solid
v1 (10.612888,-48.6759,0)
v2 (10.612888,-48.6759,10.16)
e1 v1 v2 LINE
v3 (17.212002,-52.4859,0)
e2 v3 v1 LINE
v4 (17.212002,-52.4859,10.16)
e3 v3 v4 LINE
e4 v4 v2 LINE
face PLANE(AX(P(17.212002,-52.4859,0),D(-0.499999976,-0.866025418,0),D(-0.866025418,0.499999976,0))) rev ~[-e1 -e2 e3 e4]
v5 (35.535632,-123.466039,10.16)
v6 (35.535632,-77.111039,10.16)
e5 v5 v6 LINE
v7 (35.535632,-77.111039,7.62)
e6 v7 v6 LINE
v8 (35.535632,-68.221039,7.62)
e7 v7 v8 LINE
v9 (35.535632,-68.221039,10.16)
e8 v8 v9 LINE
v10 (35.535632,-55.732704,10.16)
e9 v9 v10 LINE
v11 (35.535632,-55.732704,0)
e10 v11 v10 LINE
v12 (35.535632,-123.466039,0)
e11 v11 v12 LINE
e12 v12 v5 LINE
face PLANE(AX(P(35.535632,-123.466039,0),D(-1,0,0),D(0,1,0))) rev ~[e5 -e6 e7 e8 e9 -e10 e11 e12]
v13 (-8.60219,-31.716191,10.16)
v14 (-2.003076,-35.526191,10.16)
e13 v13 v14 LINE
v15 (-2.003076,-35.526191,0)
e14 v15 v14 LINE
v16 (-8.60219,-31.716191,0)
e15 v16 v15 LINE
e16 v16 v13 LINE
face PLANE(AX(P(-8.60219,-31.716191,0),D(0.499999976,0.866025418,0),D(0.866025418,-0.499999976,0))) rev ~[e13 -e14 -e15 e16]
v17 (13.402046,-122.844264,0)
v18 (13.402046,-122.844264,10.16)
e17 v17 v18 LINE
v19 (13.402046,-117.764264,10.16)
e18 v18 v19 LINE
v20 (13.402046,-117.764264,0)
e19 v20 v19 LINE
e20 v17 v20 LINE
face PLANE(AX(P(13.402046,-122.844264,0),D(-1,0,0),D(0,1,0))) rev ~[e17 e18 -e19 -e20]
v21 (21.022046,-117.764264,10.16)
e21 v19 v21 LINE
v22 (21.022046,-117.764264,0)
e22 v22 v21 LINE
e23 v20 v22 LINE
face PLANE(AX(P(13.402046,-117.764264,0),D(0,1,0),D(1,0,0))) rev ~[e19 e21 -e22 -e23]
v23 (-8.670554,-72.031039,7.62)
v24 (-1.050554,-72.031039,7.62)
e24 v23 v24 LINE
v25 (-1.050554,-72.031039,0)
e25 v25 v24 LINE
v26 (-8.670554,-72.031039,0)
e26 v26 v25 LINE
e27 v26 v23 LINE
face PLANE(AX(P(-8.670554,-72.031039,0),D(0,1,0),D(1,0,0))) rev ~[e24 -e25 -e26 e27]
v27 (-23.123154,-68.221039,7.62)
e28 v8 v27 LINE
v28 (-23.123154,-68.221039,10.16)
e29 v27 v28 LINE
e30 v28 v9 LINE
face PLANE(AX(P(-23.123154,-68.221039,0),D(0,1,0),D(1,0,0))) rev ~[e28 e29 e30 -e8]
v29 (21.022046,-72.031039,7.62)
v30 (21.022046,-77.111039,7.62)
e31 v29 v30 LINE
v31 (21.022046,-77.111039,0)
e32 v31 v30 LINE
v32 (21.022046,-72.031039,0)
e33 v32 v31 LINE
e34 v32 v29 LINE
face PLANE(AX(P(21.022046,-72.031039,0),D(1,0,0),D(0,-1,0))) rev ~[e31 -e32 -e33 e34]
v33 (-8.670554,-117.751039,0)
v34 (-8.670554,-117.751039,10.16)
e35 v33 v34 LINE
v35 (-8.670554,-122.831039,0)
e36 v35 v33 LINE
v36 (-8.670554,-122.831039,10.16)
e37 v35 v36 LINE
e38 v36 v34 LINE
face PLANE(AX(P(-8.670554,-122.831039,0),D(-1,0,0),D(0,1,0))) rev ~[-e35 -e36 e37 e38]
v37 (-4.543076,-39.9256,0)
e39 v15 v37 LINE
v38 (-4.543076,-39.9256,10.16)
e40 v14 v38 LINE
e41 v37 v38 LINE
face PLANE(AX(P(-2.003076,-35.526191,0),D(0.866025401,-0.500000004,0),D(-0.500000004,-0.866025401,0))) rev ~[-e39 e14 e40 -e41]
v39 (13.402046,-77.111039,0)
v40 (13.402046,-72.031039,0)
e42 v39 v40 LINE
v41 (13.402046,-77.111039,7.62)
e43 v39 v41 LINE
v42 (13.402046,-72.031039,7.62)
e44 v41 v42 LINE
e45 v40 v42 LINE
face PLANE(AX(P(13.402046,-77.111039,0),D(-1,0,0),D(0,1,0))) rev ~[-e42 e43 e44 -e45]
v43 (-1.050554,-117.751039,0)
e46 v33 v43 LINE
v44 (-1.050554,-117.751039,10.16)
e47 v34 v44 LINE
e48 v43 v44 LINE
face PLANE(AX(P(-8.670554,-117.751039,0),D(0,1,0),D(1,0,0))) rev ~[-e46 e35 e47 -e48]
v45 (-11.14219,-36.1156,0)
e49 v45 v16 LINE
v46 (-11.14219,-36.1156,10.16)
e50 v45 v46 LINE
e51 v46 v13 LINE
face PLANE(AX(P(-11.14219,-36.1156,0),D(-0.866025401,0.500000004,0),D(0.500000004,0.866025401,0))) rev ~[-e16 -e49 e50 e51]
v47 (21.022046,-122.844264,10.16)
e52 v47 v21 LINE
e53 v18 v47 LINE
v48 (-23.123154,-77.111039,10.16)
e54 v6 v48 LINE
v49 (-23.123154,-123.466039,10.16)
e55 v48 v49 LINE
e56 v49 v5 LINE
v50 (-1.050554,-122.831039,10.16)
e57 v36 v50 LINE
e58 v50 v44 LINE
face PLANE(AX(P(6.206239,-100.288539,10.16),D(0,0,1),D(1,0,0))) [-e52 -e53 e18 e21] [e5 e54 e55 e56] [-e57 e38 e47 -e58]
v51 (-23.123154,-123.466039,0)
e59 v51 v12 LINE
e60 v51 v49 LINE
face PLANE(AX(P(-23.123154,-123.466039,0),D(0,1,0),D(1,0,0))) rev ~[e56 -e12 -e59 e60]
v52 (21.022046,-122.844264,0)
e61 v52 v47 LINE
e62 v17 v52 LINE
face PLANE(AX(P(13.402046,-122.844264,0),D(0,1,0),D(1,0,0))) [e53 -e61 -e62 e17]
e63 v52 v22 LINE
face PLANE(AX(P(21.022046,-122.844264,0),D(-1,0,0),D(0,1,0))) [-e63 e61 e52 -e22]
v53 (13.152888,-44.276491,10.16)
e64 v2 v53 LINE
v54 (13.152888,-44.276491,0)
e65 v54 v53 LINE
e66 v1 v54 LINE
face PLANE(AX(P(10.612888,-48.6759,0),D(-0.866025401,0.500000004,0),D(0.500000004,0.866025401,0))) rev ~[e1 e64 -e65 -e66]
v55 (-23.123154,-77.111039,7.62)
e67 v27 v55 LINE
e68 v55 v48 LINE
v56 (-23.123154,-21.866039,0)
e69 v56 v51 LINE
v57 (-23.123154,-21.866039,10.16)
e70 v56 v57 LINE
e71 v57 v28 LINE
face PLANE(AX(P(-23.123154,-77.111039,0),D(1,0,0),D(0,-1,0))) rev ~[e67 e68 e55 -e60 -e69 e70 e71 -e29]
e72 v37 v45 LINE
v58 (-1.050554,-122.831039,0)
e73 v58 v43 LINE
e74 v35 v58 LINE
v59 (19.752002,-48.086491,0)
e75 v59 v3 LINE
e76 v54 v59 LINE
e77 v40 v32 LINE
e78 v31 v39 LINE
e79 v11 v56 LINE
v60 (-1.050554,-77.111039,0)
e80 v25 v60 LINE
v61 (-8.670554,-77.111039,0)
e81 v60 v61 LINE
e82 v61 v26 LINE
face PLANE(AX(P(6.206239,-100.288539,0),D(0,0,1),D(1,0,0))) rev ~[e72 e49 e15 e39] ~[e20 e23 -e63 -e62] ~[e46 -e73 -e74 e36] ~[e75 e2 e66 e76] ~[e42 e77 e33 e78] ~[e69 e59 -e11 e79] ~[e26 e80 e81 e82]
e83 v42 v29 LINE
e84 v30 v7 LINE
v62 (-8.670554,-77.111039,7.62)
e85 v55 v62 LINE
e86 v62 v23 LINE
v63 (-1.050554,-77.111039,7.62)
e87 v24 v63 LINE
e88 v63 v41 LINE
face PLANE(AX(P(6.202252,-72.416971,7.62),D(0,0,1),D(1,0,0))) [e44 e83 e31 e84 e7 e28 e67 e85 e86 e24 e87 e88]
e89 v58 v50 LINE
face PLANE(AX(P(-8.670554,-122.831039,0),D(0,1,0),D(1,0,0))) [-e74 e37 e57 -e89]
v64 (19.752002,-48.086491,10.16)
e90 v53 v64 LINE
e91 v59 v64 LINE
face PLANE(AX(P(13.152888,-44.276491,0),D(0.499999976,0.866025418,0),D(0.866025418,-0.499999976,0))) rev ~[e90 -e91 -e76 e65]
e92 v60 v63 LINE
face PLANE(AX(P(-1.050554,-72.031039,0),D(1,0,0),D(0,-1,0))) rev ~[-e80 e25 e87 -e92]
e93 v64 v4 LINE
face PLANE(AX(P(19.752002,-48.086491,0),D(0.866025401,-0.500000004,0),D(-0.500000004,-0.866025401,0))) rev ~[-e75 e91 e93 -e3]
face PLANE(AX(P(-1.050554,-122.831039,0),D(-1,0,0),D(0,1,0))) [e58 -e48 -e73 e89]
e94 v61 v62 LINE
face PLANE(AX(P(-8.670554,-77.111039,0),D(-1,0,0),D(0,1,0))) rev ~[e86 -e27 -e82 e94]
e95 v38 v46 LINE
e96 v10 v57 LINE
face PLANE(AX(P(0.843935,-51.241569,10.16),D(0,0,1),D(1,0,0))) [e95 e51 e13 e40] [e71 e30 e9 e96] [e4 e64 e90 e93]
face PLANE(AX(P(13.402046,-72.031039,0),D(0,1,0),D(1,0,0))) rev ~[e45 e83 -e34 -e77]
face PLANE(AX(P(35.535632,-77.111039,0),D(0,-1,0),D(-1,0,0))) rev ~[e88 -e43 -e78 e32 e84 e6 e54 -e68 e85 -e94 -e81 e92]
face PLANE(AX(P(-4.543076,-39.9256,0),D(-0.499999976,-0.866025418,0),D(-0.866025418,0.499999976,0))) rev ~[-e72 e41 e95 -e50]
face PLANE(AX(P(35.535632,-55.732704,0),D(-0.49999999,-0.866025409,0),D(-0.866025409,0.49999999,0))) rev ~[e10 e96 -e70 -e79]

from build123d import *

# Parameters (mm, degrees)
F1_DEPTH = 10.16
F2_DEPTH = 7.62
F0_W     = 7.62
F0_H     = 5.08
F3_DEPTH = 10.16


with BuildPart() as f1:
    # F0 (on Top) → F1 (new body)
    with BuildSketch(Plane.XY):
        Polygon((35.535632, -55.732704), (-23.123154, -21.866039), (-23.123154, -68.221039), (35.535632, -68.221039), align=None)
        Polygon((-11.14219, -36.1156), (-8.60219, -31.716191), (-2.003076, -35.526191), (-4.543076, -39.9256), align=None, mode=Mode.SUBTRACT)
        Polygon((17.212002, -52.4859), (10.612888, -48.6759), (13.152888, -44.276491), (19.752002, -48.086491), align=None, mode=Mode.SUBTRACT)
    extrude(amount=F1_DEPTH)

    # F0 (on Top) → F2 (join)
    with BuildSketch(Plane.XY):
        Polygon((35.535632, -68.221039), (-23.123154, -68.221039), (-23.123154, -77.111039), (-8.670554, -77.111039), (-8.670554, -72.031039), (-1.050554, -72.031039), (-1.050554, -77.111039), (13.402046, -77.111039), (13.402046, -72.031039), (21.022046, -72.031039), (21.022046, -77.111039), (35.535632, -77.111039), align=None)
    extrude(amount=F2_DEPTH)

    # F0 (on Top) → F3 (join)
    with BuildSketch(Plane.XY):
        Polygon((-8.670554, -77.111039), (-23.123154, -77.111039), (-23.123154, -123.466039), (8.804092, -123.466039), (25.314092, -123.466039), (35.535632, -123.466039), (35.535632, -77.111039), (21.022046, -77.111039), (13.402046, -77.111039), (-1.050554, -77.111039), align=None)
        with Locations((-4.860554, -120.291039)):
            Rectangle(F0_W, F0_H, mode=Mode.SUBTRACT)
        with Locations((17.212046, -120.304264)):
            Rectangle(F0_W, F0_H, mode=Mode.SUBTRACT)
    extrude(amount=F3_DEPTH)


solid = f1.part
